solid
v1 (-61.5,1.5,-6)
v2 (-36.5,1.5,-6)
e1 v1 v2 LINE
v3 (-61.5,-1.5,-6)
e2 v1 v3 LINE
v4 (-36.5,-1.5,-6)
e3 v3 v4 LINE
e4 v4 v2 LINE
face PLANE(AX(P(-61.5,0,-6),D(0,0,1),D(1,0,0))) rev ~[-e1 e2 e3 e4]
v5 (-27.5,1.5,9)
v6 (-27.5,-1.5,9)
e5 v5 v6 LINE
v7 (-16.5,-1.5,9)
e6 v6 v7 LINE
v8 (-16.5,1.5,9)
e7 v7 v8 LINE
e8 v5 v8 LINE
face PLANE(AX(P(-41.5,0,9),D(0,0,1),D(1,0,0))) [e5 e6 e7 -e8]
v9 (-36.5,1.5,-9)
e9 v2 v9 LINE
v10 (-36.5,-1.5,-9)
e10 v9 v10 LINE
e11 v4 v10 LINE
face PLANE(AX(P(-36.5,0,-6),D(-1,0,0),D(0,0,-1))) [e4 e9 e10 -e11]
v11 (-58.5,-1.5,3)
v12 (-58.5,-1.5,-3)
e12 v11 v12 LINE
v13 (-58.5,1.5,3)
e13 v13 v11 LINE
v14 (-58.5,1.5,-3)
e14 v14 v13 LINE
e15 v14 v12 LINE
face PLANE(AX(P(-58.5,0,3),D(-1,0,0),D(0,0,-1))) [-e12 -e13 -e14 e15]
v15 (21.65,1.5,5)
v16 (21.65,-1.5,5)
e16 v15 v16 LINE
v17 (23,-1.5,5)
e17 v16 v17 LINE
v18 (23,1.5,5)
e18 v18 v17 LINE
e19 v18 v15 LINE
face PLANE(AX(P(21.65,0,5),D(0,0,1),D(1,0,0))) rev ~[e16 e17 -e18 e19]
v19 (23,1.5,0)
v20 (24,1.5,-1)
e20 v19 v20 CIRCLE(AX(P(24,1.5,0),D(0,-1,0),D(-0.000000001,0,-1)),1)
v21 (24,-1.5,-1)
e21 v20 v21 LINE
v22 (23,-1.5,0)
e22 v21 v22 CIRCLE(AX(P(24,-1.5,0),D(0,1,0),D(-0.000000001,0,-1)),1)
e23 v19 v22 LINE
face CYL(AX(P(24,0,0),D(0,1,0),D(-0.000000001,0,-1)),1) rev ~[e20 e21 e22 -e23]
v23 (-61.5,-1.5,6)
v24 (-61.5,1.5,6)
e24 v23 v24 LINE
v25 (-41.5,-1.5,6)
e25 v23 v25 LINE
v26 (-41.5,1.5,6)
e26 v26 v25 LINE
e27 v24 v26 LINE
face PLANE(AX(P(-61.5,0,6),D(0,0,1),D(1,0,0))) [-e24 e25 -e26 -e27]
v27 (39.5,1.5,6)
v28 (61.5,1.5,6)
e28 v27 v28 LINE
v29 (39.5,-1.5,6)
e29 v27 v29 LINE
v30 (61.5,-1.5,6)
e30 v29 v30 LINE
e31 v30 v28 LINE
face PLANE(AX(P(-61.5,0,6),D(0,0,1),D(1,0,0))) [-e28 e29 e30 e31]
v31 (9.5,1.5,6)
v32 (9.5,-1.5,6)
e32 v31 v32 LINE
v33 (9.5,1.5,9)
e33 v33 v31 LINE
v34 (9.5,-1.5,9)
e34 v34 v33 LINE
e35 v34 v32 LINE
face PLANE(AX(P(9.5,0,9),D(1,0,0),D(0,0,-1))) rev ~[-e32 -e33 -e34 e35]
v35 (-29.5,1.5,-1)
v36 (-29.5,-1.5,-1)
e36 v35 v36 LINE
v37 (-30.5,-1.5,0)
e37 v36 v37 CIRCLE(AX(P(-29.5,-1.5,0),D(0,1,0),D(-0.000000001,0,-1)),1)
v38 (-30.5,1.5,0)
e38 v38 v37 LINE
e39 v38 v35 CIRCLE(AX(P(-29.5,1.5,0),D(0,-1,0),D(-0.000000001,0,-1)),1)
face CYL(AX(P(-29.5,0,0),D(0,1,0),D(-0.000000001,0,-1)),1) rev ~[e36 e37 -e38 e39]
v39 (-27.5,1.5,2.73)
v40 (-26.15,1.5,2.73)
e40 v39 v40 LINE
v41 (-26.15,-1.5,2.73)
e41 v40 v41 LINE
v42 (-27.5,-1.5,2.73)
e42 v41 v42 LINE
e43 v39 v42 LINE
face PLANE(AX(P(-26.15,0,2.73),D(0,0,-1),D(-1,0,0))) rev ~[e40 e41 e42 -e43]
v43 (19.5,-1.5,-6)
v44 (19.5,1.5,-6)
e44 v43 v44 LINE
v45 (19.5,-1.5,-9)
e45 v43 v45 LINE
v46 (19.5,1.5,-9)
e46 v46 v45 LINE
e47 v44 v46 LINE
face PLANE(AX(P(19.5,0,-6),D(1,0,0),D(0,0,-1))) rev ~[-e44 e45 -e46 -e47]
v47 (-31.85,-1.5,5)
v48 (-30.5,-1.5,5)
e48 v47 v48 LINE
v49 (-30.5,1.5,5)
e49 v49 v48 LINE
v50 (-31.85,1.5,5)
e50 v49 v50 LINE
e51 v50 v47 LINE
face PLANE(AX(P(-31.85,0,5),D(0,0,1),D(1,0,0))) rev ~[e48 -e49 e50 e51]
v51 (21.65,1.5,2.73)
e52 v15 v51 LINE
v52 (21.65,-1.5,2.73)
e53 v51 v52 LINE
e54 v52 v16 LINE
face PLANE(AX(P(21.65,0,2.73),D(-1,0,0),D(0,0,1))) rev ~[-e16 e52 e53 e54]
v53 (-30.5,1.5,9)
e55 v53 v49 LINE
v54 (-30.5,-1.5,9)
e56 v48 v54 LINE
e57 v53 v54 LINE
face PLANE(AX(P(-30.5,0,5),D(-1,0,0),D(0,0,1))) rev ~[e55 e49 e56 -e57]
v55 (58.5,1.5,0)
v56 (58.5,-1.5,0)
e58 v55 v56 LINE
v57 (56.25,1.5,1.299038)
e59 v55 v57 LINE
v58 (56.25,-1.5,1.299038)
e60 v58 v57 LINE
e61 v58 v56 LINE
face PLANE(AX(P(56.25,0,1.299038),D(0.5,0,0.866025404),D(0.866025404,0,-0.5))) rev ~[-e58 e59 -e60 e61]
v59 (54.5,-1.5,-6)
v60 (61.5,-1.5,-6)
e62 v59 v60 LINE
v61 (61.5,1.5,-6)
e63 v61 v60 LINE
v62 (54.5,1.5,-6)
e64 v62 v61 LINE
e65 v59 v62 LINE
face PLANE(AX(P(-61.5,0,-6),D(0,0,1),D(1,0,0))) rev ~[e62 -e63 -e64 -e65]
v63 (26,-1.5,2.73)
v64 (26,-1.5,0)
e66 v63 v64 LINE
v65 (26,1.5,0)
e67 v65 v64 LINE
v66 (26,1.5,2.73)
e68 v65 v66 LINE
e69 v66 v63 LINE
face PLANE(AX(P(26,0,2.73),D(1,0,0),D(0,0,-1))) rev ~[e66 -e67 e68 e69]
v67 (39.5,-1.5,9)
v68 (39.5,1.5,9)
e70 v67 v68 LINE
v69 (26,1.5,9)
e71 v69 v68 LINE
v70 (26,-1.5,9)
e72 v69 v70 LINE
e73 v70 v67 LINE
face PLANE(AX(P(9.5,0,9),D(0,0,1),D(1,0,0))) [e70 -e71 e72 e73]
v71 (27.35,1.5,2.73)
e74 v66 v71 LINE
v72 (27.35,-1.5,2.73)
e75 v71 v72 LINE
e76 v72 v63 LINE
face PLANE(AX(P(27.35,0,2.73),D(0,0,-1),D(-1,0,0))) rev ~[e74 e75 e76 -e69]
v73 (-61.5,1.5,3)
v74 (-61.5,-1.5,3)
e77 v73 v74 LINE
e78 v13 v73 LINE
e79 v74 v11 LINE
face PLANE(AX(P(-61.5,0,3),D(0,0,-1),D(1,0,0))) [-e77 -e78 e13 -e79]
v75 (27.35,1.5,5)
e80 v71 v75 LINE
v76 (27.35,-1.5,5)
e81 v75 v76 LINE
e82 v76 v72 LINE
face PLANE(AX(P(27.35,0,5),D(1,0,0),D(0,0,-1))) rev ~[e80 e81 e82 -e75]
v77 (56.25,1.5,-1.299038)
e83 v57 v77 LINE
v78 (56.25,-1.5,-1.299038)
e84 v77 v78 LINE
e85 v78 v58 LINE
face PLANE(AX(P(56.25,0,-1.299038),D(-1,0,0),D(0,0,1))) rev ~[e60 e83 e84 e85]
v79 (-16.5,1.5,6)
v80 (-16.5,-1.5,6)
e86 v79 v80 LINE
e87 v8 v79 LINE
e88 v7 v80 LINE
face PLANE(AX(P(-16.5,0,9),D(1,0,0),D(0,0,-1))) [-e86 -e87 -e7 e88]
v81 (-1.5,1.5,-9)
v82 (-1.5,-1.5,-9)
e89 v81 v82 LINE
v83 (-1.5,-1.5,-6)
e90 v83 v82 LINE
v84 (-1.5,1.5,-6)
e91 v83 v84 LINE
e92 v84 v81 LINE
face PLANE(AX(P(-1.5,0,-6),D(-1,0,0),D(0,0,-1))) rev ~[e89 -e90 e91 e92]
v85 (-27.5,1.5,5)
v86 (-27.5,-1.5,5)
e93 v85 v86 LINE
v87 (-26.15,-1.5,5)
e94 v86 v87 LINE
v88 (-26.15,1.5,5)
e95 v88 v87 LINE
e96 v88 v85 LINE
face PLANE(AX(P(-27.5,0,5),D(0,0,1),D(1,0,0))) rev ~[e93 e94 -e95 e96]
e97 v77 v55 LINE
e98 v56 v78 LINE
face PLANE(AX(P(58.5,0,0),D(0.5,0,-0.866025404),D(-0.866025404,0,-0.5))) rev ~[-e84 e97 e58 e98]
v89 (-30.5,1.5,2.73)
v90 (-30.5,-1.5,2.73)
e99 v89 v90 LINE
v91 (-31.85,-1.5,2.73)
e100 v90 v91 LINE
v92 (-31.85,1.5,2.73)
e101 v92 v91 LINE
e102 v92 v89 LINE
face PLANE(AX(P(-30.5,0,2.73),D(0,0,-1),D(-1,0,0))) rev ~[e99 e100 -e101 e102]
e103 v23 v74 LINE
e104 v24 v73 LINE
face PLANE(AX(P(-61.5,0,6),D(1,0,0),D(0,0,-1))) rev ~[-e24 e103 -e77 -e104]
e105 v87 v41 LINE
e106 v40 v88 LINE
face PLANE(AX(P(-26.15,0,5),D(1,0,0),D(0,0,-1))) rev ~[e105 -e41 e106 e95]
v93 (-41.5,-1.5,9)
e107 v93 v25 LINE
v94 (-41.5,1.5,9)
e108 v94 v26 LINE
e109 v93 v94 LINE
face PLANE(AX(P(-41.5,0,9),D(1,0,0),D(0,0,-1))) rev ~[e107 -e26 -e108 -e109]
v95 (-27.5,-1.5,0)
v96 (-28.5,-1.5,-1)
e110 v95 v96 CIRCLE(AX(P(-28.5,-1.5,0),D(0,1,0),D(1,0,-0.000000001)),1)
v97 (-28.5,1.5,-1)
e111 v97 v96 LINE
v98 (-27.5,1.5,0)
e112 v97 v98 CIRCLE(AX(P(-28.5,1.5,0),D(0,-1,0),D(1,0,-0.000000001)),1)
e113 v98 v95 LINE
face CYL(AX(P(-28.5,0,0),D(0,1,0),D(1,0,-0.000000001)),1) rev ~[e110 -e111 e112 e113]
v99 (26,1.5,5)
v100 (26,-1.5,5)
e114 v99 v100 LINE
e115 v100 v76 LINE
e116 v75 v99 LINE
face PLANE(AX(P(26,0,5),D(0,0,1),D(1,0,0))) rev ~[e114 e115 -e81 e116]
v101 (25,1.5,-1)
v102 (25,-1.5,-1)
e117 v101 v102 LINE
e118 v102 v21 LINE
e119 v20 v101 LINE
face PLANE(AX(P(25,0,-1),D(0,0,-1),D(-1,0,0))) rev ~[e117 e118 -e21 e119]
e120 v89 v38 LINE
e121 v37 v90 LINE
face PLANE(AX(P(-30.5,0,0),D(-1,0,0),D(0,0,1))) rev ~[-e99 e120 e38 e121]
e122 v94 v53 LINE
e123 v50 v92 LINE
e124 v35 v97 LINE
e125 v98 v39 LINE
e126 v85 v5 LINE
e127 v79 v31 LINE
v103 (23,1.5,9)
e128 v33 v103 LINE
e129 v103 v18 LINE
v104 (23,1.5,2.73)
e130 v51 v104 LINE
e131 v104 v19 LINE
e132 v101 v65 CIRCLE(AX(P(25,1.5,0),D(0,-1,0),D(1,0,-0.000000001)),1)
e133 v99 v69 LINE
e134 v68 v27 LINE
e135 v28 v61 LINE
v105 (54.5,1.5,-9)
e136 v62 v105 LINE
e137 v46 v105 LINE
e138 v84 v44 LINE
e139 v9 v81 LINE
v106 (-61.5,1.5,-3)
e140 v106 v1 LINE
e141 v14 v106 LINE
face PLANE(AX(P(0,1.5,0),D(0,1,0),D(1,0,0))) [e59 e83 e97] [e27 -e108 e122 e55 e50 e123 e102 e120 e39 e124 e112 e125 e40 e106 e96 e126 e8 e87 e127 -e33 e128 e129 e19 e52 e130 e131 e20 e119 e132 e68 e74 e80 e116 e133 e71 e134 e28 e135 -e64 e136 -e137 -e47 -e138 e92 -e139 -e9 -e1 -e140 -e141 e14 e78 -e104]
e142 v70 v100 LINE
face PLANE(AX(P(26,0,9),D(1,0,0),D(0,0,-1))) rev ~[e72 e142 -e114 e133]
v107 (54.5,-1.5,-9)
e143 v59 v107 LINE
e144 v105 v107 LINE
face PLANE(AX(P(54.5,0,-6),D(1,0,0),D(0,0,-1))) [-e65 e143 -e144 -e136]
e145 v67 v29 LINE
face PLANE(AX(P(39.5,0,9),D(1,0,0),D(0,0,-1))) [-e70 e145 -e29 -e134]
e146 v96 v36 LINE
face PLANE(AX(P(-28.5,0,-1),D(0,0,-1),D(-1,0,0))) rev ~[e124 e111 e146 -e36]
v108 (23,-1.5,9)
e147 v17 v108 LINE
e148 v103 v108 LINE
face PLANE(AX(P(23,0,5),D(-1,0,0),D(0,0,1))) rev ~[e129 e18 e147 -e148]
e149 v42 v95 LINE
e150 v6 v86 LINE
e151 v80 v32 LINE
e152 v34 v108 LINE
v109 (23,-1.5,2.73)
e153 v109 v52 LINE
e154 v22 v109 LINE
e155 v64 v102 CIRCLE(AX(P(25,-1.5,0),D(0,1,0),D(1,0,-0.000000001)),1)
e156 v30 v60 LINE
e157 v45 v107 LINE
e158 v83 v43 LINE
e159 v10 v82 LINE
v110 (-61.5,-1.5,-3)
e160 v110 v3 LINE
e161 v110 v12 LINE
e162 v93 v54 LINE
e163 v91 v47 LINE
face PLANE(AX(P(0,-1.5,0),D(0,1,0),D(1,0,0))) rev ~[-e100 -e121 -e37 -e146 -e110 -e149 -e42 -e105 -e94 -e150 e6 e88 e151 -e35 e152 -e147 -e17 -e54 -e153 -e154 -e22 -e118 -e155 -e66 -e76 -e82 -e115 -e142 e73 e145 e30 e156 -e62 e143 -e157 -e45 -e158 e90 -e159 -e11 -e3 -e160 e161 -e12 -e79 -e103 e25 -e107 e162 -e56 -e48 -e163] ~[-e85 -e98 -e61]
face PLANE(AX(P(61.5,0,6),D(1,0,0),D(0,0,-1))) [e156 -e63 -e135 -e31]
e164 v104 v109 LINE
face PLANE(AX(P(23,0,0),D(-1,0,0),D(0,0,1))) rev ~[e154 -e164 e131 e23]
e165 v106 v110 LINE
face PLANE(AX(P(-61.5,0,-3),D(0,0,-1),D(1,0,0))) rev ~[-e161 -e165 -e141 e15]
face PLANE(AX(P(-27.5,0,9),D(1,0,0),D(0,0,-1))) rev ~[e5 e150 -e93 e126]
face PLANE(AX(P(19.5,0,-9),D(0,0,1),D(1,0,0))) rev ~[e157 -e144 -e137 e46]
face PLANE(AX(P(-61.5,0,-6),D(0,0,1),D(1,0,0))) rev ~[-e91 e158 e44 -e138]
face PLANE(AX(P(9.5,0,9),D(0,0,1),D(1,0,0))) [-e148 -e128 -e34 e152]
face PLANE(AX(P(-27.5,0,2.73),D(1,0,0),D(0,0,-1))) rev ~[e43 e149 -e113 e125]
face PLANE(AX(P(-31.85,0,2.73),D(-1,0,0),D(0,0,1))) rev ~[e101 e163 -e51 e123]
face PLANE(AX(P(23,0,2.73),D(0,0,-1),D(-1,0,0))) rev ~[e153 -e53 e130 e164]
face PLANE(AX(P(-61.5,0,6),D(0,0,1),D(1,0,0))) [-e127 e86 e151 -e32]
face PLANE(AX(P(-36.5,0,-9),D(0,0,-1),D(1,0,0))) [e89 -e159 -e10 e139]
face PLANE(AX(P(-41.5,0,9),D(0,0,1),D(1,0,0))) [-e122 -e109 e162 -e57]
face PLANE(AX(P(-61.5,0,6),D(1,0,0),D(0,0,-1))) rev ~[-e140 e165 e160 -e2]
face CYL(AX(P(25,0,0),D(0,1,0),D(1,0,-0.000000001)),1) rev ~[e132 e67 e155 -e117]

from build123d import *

# Parameters (mm, degrees)
SKETCH1_W                = 123
SKETCH1_H                = 12
BOSS_EXTRUDE1_DEPTH      = 1.5
SKETCH2_W                = 30
SKETCH2_H                = 3
BOSS_EXTRUDE2_DEPTH      = 1.5
SKETCH12_W               = 25
SKETCH12_H               = 3
BOSS_EXTRUDE3_DEPTH      = 1.5
CUT_EXTRUDE8_DEPTH       = 2.5
CUT_EXTRUDE8_DEPTH_BACK  = 2.5
SKETCH13_W               = 35
SKETCH13_H               = 3
BOSS_EXTRUDE4_DEPTH      = 1.5
CUT_EXTRUDE10_DEPTH      = 2.5
CUT_EXTRUDE10_DEPTH_BACK = 2.5
SKETCH16_W               = 3
SKETCH16_H               = 6
CUT_EXTRUDE11_DEPTH      = 2.5
CUT_EXTRUDE11_DEPTH_BACK = 2.5


with BuildPart() as part:
    # Sketch1 → Boss-Extrude1 (new body, symmetric)
    with BuildSketch(Plane(origin=(0, 0, 0), x_dir=(1, 0, 0), z_dir=(0, 1, 0))):
        Rectangle(SKETCH1_W, SKETCH1_H)
    extrude(amount=BOSS_EXTRUDE1_DEPTH, both=True)

    # Sketch2 → Boss-Extrude2 (add, symmetric)
    with BuildSketch(Plane(origin=(0, 0, 0), x_dir=(1, 0, 0), z_dir=(0, 1, 0))):
        with Locations((24.5, -7.5)):
            Rectangle(SKETCH2_W, SKETCH2_H)
    extrude(amount=BOSS_EXTRUDE2_DEPTH, both=True)

    # Sketch12 → Boss-Extrude3 (add, symmetric)
    with BuildSketch(Plane(origin=(0, 0, 0), x_dir=(1, 0, 0), z_dir=(0, 1, 0))):
        with Locations((-29, -7.5)):
            Rectangle(SKETCH12_W, SKETCH12_H)
    extrude(amount=BOSS_EXTRUDE3_DEPTH, both=True)

    # Sketch11 → Cut-Extrude8 (cut, two sides)
    with BuildSketch(Plane(origin=(0, 0, 0), x_dir=(1, 0, 0), z_dir=(0, 1, 0))) as cut_extrude8_sk:
        with BuildLine():
            Line((-30.5, -9), (-27.5, -9))
            Line((-27.5, -9), (-27.5, -5))
            Line((-27.5, -5), (-26.15, -5))
            Line((-26.15, -5), (-26.15, -2.73))
            Line((-26.15, -2.73), (-27.5, -2.73))
            Line((-27.5, -2.73), (-27.5, 0))
            ThreePointArc((-27.5, 0), (-27.792893219, 0.707106781), (-28.5, 1))
            Line((-28.5, 1), (-29.5, 1))
            ThreePointArc((-29.5, 1), (-30.207106781, 0.707106781), (-30.5, 0))
            Line((-30.5, 0), (-30.5, -2.73))
            Line((-30.5, -2.73), (-31.85, -2.73))
            Line((-31.85, -2.73), (-31.85, -5))
            Line((-31.85, -5), (-30.5, -5))
            Line((-30.5, -5), (-30.5, -9))
        make_face()
        with BuildLine():
            Line((23, -9), (26, -9))
            Line((26, -9), (26, -5))
            Line((26, -5), (27.35, -5))
            Line((27.35, -5), (27.35, -2.73))
            Line((27.35, -2.73), (26, -2.73))
            Line((26, -2.73), (26, 0))
            ThreePointArc((26, 0), (25.707106781, 0.707106781), (25, 1))
            Line((25, 1), (24, 1))
            ThreePointArc((24, 1), (23.292893219, 0.707106781), (23, 0))
            Line((23, 0), (23, -2.73))
            Line((23, -2.73), (21.65, -2.73))
            Line((21.65, -2.73), (21.65, -5))
            Line((21.65, -5), (23, -5))
            Line((23, -5), (23, -9))
        make_face()
    extrude(amount=CUT_EXTRUDE8_DEPTH, mode=Mode.SUBTRACT)
    extrude(cut_extrude8_sk.sketch, amount=-CUT_EXTRUDE8_DEPTH_BACK, mode=Mode.SUBTRACT)

    # Sketch13 → Boss-Extrude4 (add, symmetric)
    with BuildSketch(Plane(origin=(0, 0, 0), x_dir=(1, 0, 0), z_dir=(0, 1, 0))):
        with Locations((-19, 7.5)):
            Rectangle(SKETCH13_W, SKETCH13_H)
        with Locations((37, 7.5)):
            Rectangle(SKETCH13_W, SKETCH13_H)
    extrude(amount=BOSS_EXTRUDE4_DEPTH, both=True)

    # Sketch15 → Cut-Extrude10 (cut, two sides)
    with BuildSketch(Plane(origin=(0, 0, 0), x_dir=(1, 0, 0), z_dir=(0, 1, 0))) as cut_extrude10_sk:
        Polygon((56.25, -1.299038106), (58.5, 0), (56.25, 1.299038106), align=None)
    extrude(amount=CUT_EXTRUDE10_DEPTH, mode=Mode.SUBTRACT)
    extrude(cut_extrude10_sk.sketch, amount=-CUT_EXTRUDE10_DEPTH_BACK, mode=Mode.SUBTRACT)

    # Sketch16 → Cut-Extrude11 (cut, two sides)
    with BuildSketch(Plane(origin=(0, 0, 0), x_dir=(1, 0, 0), z_dir=(0, 1, 0))) as cut_extrude11_sk:
        with Locations((-60, 0)):
            Rectangle(SKETCH16_W, SKETCH16_H)
    extrude(amount=CUT_EXTRUDE11_DEPTH, mode=Mode.SUBTRACT)
    extrude(cut_extrude11_sk.sketch, amount=-CUT_EXTRUDE11_DEPTH_BACK, mode=Mode.SUBTRACT)


solid = part.part
